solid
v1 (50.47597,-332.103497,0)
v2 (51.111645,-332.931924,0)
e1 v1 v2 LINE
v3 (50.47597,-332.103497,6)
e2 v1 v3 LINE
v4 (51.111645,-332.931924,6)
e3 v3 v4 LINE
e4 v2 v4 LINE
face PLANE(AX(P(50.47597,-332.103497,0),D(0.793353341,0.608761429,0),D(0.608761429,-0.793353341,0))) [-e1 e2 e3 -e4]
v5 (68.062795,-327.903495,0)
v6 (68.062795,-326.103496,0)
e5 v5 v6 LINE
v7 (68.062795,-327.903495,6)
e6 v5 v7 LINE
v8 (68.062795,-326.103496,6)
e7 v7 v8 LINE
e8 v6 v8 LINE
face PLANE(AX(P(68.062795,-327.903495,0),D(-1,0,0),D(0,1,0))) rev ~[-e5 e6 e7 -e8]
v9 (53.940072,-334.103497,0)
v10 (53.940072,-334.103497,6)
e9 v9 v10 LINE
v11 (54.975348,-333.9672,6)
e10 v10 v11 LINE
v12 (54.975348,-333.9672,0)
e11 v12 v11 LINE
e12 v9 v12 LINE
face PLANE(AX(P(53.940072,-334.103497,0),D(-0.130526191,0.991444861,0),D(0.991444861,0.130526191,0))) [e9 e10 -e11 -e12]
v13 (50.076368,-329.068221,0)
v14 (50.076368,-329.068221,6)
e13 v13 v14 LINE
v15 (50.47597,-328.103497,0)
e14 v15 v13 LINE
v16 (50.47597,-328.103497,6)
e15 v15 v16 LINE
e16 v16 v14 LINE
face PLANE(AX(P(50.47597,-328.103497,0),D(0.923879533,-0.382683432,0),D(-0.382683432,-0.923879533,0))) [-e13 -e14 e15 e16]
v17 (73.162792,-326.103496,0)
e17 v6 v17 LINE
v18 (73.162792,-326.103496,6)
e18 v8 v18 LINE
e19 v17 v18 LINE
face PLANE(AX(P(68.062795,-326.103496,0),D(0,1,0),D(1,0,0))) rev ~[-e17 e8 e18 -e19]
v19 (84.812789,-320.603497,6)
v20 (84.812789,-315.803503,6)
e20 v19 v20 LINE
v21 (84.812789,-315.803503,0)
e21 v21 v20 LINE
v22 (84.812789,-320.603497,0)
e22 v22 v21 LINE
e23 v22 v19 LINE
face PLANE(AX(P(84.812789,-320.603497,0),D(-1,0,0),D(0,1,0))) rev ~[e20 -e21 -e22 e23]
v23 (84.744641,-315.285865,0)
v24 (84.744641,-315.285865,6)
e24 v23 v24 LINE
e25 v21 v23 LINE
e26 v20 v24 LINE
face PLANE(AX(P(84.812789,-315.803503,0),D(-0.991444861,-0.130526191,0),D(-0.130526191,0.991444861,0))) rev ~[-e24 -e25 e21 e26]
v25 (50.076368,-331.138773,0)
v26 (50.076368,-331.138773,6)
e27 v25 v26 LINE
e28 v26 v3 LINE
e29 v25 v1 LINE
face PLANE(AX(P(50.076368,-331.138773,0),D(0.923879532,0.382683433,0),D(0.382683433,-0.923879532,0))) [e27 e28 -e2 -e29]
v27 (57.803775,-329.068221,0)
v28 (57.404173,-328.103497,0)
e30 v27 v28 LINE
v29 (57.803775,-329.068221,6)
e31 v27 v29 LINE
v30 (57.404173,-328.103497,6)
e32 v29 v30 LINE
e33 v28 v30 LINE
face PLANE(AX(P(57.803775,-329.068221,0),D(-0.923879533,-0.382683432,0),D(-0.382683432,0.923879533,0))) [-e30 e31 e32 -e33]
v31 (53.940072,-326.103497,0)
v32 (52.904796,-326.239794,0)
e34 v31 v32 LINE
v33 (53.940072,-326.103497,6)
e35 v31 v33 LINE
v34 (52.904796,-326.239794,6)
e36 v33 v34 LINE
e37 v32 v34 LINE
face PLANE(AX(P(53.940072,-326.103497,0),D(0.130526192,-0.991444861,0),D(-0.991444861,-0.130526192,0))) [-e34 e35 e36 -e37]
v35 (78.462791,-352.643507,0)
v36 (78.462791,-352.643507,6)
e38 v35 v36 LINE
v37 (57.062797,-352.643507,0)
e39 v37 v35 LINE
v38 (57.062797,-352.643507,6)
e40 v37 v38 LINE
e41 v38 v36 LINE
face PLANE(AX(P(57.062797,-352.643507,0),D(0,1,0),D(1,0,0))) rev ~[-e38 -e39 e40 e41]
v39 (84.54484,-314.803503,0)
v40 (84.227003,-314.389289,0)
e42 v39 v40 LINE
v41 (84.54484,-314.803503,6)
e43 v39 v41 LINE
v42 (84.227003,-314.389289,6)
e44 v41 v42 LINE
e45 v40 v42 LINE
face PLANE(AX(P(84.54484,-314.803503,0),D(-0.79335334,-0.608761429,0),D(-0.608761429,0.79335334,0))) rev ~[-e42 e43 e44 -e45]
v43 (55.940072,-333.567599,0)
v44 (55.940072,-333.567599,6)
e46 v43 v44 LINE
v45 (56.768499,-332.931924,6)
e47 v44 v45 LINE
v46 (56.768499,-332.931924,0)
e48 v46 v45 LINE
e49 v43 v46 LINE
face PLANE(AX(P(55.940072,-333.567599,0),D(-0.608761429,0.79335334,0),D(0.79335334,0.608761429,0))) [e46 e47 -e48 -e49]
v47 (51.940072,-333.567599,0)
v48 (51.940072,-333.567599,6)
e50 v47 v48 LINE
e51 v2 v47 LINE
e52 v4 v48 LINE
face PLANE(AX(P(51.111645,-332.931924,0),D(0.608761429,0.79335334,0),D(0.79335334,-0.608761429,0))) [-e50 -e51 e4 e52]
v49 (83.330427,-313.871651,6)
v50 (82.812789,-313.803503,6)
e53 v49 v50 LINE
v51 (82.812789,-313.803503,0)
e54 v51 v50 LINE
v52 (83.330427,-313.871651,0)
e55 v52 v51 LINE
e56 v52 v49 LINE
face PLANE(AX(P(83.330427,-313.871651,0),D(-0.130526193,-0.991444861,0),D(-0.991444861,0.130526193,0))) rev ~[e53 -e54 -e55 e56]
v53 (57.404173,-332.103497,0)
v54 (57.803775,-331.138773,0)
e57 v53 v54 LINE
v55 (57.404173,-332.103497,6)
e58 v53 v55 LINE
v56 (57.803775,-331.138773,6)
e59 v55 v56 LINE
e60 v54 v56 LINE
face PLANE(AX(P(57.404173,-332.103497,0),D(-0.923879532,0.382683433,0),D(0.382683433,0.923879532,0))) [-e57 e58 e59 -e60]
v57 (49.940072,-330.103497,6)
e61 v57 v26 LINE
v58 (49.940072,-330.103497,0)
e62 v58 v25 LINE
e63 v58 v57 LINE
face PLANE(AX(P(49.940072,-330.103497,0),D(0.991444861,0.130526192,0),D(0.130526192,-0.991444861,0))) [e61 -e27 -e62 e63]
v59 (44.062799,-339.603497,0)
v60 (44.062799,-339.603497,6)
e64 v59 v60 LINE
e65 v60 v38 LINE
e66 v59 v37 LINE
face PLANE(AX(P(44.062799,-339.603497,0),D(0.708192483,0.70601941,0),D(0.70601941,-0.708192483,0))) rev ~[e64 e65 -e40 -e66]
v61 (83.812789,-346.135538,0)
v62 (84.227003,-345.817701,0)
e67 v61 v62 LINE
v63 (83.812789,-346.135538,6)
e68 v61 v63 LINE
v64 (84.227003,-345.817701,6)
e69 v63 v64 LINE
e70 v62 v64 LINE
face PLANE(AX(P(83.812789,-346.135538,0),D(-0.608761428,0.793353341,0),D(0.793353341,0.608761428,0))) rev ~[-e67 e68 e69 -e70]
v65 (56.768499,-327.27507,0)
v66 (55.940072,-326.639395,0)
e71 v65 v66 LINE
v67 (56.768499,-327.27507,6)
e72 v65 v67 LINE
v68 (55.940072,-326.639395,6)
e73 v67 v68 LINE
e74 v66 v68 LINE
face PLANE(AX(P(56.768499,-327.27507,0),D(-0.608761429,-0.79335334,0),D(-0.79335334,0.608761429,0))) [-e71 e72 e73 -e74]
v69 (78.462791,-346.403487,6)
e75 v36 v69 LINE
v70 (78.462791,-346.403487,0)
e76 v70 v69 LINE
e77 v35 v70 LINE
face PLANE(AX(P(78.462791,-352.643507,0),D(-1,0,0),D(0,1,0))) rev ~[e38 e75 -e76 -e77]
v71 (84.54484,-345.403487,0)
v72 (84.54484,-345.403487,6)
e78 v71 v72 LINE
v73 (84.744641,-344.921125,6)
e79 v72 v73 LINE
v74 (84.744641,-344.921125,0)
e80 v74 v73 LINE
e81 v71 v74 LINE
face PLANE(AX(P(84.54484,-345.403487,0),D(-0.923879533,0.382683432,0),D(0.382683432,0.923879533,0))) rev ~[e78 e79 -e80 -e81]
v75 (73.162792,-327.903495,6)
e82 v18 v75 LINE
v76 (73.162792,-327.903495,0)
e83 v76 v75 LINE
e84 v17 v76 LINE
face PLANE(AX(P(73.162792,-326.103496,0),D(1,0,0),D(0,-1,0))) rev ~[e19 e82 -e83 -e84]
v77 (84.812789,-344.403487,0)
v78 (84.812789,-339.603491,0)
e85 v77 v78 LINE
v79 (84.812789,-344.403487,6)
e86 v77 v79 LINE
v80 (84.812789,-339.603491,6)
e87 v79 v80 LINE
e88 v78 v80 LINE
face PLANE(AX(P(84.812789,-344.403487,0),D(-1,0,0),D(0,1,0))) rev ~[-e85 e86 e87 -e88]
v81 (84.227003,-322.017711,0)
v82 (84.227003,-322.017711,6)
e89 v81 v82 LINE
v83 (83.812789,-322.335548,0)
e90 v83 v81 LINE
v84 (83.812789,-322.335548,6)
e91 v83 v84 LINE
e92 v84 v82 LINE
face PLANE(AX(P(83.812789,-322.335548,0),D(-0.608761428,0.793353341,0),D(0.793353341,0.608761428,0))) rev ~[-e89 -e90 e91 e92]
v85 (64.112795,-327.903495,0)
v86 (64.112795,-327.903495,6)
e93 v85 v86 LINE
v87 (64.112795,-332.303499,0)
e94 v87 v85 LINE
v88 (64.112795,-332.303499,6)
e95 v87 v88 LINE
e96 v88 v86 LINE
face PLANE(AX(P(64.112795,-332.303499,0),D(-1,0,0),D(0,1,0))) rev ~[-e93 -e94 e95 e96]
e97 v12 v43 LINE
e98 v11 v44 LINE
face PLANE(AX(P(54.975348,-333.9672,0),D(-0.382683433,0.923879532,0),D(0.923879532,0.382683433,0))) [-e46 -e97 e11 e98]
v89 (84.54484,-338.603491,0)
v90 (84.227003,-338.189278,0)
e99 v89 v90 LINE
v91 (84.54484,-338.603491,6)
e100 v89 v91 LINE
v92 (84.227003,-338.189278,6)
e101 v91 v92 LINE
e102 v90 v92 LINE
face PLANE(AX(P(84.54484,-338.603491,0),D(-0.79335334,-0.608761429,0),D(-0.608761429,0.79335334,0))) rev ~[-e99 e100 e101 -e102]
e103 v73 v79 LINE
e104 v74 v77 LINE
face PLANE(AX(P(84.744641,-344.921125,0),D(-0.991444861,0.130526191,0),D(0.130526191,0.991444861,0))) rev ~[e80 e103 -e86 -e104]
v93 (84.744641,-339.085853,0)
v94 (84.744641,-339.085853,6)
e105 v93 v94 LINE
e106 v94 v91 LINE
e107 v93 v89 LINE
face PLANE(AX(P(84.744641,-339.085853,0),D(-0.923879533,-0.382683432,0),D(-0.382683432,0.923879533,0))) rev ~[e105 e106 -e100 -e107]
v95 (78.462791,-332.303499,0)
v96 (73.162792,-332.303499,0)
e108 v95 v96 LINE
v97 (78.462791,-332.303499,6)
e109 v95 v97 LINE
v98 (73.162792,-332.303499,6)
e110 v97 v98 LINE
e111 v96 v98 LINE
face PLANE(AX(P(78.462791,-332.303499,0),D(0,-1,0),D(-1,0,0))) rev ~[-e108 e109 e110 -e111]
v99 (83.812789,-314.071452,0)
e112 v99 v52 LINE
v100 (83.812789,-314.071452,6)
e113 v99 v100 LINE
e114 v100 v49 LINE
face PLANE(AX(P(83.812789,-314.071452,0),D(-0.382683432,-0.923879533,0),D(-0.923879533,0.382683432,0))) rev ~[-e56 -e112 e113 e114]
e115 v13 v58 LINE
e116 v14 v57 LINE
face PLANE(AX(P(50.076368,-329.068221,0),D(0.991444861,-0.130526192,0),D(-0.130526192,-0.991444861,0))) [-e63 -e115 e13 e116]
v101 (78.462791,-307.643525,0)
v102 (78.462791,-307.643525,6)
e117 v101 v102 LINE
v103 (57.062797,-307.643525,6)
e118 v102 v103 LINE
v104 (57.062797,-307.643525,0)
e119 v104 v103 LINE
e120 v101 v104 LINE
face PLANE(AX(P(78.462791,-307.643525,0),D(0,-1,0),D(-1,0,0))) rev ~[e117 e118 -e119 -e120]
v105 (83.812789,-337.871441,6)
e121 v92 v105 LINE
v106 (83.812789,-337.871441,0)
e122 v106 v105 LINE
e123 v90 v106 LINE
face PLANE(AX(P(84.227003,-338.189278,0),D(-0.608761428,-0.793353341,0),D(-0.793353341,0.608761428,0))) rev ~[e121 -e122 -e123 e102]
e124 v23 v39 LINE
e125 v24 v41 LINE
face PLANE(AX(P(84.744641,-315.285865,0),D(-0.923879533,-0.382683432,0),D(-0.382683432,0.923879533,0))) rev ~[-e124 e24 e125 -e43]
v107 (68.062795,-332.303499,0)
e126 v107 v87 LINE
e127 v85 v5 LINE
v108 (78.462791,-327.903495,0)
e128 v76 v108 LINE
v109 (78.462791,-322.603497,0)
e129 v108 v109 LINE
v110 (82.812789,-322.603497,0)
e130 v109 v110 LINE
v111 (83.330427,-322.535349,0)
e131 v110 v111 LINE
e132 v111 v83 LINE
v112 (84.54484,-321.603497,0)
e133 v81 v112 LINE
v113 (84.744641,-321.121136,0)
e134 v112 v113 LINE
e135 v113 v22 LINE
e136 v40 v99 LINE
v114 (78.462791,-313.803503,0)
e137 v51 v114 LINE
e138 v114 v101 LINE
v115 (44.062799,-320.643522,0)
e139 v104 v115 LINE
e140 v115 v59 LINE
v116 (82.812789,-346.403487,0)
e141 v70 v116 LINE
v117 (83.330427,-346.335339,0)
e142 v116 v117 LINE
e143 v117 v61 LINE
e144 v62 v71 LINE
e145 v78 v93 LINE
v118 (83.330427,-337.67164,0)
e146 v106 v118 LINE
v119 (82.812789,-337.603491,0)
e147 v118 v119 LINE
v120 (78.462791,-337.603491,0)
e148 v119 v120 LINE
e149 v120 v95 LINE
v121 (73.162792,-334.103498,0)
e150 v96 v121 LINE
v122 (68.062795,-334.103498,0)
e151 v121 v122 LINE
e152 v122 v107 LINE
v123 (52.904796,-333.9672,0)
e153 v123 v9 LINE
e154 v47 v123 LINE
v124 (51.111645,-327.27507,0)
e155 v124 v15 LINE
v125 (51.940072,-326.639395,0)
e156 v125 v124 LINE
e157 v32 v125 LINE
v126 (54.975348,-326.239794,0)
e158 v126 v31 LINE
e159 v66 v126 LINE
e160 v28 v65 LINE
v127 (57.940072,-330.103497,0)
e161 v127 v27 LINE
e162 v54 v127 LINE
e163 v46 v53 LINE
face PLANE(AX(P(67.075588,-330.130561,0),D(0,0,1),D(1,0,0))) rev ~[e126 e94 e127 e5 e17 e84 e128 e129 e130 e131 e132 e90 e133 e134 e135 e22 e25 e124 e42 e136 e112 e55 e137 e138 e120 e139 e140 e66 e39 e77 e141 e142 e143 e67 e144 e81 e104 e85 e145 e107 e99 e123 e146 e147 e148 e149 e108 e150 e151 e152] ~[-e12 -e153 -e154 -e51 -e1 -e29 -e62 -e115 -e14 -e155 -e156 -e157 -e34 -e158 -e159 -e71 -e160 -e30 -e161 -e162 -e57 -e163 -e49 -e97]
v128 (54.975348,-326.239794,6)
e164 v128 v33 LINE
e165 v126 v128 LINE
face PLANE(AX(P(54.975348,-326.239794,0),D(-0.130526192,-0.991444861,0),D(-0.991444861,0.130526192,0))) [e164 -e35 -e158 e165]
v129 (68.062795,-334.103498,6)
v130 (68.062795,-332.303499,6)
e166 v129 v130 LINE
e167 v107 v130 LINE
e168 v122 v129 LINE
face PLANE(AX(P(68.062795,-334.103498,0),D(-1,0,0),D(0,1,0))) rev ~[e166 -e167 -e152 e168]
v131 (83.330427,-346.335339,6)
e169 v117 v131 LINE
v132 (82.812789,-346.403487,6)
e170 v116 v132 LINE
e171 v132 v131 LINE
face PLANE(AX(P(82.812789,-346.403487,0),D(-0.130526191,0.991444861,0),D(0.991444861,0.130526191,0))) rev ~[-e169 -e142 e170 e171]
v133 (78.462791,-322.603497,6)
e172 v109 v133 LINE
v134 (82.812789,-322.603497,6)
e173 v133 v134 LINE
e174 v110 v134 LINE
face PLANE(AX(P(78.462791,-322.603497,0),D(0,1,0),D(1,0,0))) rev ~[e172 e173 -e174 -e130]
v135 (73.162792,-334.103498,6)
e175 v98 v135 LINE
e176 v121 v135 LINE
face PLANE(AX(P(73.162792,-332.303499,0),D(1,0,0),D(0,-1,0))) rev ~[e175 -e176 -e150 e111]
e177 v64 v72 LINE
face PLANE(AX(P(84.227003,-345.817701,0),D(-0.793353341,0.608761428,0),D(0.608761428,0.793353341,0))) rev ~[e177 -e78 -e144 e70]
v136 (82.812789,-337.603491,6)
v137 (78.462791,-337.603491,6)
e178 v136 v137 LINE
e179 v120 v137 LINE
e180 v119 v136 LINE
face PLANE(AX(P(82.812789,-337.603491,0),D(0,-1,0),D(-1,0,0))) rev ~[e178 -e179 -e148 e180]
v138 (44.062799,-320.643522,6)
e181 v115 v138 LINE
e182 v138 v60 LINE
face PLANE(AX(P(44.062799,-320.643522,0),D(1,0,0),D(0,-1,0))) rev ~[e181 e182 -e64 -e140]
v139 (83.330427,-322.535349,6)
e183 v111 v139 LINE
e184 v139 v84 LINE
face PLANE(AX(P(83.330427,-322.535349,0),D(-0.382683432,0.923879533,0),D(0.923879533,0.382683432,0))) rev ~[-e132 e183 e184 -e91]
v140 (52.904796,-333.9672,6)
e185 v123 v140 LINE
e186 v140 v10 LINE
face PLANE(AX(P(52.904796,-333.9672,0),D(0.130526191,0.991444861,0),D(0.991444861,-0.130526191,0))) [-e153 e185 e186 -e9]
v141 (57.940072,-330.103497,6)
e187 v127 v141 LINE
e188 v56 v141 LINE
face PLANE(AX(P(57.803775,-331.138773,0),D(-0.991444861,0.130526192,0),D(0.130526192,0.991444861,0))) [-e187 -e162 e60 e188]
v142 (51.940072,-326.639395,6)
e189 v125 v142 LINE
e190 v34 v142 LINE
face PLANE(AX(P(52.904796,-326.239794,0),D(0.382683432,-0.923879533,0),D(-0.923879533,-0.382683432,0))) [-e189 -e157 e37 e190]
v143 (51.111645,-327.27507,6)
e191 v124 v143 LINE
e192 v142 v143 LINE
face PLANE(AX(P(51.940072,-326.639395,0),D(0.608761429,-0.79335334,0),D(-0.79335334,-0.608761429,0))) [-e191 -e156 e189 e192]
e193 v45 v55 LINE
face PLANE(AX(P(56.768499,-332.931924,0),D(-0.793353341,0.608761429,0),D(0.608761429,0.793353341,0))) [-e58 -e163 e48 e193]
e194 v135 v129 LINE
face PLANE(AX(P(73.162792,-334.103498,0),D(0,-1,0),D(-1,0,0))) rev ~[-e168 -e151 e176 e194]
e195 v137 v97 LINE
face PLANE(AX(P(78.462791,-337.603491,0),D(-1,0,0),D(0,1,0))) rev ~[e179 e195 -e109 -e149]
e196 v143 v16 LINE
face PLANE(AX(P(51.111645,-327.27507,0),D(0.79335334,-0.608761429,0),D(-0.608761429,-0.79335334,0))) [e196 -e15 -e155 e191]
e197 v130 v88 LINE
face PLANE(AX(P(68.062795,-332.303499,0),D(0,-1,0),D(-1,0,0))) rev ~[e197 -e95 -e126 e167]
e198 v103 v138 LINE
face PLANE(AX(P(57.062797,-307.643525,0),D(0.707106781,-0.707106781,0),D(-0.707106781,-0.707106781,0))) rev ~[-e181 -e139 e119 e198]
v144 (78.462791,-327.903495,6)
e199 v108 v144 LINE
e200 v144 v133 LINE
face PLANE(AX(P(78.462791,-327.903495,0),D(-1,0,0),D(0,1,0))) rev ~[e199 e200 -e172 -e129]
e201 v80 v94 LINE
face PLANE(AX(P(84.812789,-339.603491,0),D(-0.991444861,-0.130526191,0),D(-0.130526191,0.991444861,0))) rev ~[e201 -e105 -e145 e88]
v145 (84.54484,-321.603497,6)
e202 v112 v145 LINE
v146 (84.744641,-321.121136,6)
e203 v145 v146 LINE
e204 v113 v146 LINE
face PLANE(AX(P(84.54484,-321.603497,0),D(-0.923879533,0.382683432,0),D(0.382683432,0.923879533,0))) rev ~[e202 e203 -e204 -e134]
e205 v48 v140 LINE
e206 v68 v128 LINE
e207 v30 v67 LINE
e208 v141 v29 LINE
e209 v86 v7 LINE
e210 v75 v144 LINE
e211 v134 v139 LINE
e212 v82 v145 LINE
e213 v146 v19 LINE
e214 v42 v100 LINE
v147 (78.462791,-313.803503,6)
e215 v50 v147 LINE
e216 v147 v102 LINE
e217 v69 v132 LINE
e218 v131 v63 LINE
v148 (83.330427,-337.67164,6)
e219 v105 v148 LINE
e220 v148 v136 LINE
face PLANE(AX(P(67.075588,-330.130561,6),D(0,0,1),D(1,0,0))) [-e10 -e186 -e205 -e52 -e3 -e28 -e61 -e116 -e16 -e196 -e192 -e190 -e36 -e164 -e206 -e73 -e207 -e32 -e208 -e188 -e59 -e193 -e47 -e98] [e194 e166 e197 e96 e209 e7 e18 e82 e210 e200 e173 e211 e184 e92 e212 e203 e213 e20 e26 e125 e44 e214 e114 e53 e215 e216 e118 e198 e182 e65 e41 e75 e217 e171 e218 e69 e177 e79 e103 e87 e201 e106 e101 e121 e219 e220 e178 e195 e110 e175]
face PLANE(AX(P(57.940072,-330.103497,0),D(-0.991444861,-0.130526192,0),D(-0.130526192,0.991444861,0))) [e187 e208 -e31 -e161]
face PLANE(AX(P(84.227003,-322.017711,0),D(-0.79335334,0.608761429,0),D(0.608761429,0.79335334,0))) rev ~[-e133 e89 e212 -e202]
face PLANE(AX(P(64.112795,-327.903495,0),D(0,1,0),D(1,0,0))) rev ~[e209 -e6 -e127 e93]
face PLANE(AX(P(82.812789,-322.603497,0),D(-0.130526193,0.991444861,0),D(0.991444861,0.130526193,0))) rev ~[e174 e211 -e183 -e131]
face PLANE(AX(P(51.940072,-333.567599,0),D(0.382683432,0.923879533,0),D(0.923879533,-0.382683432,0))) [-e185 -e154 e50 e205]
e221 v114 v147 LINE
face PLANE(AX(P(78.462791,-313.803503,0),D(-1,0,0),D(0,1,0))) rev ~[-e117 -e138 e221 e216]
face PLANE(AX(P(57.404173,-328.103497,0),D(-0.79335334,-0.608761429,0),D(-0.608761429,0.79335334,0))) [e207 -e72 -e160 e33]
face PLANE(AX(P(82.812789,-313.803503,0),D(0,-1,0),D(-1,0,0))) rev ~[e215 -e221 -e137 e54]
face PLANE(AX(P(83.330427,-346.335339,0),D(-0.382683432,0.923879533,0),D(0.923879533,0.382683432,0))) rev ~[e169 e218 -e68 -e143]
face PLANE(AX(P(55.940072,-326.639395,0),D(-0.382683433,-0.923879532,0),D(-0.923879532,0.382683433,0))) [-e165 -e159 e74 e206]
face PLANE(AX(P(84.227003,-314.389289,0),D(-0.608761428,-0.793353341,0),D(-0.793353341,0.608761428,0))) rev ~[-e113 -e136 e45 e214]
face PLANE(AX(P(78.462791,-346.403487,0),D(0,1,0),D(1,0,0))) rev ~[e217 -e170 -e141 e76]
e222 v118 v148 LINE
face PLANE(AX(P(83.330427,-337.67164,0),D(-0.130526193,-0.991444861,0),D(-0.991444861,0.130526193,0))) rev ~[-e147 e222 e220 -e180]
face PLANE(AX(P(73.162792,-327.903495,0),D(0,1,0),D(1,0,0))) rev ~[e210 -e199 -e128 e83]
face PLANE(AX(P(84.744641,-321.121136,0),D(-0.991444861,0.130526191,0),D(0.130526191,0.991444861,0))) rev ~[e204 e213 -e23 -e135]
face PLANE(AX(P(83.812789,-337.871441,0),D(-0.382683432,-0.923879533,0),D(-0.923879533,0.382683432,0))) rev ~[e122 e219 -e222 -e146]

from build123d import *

# Parameters (mm, degrees)
BOSS_EXTRUDE1_DEPTH = 6


with BuildPart() as part:
    # Sketch1 → Boss-Extrude1 (new body)
    with BuildSketch(Plane.XY):
        Polygon((57.062796569, -307.643524718), (44.062799449, -320.643521838), (44.062799449, -339.603497029), (57.062796569, -352.643507118), (78.462791321, -352.643507118), (78.462791321, -346.403487337), (82.812789212, -346.403487337), (83.330427302, -346.33533899), (83.812789212, -346.135538145), (84.227002775, -345.8177009), (84.54484002, -345.403487337), (84.744640865, -344.921125427), (84.812789212, -344.403487337), (84.812789212, -339.603491372), (84.744640865, -339.085853282), (84.54484002, -338.603491372), (84.227002775, -338.18927781), (83.812789212, -337.871440565), (83.330427302, -337.67163972), (82.812789212, -337.603491372), (78.462791321, -337.603491372), (78.462791321, -332.303499365), (73.162792499, -332.303499365), (73.162792499, -334.103497597), (68.062794735, -334.103497597), (68.062794735, -332.303499365), (64.112794912, -332.303499365), (64.112794912, -327.903494694), (68.062794735, -327.903494694), (68.062794735, -326.103496462), (73.162792499, -326.103496462), (73.162792499, -327.903494694), (78.462791321, -327.903494694), (78.462791321, -322.603497439), (82.812789212, -322.603497439), (83.330427302, -322.535349091), (83.812789212, -322.335548246), (84.227002775, -322.017711001), (84.54484002, -321.603497439), (84.744640865, -321.121135529), (84.812789212, -320.603497439), (84.812789212, -315.803502996), (84.744640865, -315.285864906), (84.54484002, -314.803502996), (84.227002775, -314.389289434), (83.812789212, -314.071452189), (83.330427302, -313.871651344), (82.812789212, -313.803502996), (78.462791321, -313.803502996), (78.462791321, -307.643524718), align=None)
        Polygon((49.940071687, -330.103497029), (50.076368382, -331.13877321), (50.475970072, -332.103497029), (51.111644562, -332.931924154), (51.940071687, -333.567598645), (52.904795507, -333.967200335), (53.940071687, -334.103497029), (54.975347868, -333.967200335), (55.940071687, -333.567598645), (56.768498812, -332.931924154), (57.404173302, -332.103497029), (57.803774992, -331.13877321), (57.940071687, -330.103497029), (57.803774992, -329.068220849), (57.404173302, -328.103497029), (56.768498812, -327.275069905), (55.940071687, -326.639395414), (54.975347868, -326.239793724), (53.940071687, -326.103497029), (52.904795507, -326.239793724), (51.940071687, -326.639395414), (51.111644562, -327.275069905), (50.475970072, -328.103497029), (50.076368382, -329.068220849), align=None, mode=Mode.SUBTRACT)
    extrude(amount=BOSS_EXTRUDE1_DEPTH)


solid = part.part
